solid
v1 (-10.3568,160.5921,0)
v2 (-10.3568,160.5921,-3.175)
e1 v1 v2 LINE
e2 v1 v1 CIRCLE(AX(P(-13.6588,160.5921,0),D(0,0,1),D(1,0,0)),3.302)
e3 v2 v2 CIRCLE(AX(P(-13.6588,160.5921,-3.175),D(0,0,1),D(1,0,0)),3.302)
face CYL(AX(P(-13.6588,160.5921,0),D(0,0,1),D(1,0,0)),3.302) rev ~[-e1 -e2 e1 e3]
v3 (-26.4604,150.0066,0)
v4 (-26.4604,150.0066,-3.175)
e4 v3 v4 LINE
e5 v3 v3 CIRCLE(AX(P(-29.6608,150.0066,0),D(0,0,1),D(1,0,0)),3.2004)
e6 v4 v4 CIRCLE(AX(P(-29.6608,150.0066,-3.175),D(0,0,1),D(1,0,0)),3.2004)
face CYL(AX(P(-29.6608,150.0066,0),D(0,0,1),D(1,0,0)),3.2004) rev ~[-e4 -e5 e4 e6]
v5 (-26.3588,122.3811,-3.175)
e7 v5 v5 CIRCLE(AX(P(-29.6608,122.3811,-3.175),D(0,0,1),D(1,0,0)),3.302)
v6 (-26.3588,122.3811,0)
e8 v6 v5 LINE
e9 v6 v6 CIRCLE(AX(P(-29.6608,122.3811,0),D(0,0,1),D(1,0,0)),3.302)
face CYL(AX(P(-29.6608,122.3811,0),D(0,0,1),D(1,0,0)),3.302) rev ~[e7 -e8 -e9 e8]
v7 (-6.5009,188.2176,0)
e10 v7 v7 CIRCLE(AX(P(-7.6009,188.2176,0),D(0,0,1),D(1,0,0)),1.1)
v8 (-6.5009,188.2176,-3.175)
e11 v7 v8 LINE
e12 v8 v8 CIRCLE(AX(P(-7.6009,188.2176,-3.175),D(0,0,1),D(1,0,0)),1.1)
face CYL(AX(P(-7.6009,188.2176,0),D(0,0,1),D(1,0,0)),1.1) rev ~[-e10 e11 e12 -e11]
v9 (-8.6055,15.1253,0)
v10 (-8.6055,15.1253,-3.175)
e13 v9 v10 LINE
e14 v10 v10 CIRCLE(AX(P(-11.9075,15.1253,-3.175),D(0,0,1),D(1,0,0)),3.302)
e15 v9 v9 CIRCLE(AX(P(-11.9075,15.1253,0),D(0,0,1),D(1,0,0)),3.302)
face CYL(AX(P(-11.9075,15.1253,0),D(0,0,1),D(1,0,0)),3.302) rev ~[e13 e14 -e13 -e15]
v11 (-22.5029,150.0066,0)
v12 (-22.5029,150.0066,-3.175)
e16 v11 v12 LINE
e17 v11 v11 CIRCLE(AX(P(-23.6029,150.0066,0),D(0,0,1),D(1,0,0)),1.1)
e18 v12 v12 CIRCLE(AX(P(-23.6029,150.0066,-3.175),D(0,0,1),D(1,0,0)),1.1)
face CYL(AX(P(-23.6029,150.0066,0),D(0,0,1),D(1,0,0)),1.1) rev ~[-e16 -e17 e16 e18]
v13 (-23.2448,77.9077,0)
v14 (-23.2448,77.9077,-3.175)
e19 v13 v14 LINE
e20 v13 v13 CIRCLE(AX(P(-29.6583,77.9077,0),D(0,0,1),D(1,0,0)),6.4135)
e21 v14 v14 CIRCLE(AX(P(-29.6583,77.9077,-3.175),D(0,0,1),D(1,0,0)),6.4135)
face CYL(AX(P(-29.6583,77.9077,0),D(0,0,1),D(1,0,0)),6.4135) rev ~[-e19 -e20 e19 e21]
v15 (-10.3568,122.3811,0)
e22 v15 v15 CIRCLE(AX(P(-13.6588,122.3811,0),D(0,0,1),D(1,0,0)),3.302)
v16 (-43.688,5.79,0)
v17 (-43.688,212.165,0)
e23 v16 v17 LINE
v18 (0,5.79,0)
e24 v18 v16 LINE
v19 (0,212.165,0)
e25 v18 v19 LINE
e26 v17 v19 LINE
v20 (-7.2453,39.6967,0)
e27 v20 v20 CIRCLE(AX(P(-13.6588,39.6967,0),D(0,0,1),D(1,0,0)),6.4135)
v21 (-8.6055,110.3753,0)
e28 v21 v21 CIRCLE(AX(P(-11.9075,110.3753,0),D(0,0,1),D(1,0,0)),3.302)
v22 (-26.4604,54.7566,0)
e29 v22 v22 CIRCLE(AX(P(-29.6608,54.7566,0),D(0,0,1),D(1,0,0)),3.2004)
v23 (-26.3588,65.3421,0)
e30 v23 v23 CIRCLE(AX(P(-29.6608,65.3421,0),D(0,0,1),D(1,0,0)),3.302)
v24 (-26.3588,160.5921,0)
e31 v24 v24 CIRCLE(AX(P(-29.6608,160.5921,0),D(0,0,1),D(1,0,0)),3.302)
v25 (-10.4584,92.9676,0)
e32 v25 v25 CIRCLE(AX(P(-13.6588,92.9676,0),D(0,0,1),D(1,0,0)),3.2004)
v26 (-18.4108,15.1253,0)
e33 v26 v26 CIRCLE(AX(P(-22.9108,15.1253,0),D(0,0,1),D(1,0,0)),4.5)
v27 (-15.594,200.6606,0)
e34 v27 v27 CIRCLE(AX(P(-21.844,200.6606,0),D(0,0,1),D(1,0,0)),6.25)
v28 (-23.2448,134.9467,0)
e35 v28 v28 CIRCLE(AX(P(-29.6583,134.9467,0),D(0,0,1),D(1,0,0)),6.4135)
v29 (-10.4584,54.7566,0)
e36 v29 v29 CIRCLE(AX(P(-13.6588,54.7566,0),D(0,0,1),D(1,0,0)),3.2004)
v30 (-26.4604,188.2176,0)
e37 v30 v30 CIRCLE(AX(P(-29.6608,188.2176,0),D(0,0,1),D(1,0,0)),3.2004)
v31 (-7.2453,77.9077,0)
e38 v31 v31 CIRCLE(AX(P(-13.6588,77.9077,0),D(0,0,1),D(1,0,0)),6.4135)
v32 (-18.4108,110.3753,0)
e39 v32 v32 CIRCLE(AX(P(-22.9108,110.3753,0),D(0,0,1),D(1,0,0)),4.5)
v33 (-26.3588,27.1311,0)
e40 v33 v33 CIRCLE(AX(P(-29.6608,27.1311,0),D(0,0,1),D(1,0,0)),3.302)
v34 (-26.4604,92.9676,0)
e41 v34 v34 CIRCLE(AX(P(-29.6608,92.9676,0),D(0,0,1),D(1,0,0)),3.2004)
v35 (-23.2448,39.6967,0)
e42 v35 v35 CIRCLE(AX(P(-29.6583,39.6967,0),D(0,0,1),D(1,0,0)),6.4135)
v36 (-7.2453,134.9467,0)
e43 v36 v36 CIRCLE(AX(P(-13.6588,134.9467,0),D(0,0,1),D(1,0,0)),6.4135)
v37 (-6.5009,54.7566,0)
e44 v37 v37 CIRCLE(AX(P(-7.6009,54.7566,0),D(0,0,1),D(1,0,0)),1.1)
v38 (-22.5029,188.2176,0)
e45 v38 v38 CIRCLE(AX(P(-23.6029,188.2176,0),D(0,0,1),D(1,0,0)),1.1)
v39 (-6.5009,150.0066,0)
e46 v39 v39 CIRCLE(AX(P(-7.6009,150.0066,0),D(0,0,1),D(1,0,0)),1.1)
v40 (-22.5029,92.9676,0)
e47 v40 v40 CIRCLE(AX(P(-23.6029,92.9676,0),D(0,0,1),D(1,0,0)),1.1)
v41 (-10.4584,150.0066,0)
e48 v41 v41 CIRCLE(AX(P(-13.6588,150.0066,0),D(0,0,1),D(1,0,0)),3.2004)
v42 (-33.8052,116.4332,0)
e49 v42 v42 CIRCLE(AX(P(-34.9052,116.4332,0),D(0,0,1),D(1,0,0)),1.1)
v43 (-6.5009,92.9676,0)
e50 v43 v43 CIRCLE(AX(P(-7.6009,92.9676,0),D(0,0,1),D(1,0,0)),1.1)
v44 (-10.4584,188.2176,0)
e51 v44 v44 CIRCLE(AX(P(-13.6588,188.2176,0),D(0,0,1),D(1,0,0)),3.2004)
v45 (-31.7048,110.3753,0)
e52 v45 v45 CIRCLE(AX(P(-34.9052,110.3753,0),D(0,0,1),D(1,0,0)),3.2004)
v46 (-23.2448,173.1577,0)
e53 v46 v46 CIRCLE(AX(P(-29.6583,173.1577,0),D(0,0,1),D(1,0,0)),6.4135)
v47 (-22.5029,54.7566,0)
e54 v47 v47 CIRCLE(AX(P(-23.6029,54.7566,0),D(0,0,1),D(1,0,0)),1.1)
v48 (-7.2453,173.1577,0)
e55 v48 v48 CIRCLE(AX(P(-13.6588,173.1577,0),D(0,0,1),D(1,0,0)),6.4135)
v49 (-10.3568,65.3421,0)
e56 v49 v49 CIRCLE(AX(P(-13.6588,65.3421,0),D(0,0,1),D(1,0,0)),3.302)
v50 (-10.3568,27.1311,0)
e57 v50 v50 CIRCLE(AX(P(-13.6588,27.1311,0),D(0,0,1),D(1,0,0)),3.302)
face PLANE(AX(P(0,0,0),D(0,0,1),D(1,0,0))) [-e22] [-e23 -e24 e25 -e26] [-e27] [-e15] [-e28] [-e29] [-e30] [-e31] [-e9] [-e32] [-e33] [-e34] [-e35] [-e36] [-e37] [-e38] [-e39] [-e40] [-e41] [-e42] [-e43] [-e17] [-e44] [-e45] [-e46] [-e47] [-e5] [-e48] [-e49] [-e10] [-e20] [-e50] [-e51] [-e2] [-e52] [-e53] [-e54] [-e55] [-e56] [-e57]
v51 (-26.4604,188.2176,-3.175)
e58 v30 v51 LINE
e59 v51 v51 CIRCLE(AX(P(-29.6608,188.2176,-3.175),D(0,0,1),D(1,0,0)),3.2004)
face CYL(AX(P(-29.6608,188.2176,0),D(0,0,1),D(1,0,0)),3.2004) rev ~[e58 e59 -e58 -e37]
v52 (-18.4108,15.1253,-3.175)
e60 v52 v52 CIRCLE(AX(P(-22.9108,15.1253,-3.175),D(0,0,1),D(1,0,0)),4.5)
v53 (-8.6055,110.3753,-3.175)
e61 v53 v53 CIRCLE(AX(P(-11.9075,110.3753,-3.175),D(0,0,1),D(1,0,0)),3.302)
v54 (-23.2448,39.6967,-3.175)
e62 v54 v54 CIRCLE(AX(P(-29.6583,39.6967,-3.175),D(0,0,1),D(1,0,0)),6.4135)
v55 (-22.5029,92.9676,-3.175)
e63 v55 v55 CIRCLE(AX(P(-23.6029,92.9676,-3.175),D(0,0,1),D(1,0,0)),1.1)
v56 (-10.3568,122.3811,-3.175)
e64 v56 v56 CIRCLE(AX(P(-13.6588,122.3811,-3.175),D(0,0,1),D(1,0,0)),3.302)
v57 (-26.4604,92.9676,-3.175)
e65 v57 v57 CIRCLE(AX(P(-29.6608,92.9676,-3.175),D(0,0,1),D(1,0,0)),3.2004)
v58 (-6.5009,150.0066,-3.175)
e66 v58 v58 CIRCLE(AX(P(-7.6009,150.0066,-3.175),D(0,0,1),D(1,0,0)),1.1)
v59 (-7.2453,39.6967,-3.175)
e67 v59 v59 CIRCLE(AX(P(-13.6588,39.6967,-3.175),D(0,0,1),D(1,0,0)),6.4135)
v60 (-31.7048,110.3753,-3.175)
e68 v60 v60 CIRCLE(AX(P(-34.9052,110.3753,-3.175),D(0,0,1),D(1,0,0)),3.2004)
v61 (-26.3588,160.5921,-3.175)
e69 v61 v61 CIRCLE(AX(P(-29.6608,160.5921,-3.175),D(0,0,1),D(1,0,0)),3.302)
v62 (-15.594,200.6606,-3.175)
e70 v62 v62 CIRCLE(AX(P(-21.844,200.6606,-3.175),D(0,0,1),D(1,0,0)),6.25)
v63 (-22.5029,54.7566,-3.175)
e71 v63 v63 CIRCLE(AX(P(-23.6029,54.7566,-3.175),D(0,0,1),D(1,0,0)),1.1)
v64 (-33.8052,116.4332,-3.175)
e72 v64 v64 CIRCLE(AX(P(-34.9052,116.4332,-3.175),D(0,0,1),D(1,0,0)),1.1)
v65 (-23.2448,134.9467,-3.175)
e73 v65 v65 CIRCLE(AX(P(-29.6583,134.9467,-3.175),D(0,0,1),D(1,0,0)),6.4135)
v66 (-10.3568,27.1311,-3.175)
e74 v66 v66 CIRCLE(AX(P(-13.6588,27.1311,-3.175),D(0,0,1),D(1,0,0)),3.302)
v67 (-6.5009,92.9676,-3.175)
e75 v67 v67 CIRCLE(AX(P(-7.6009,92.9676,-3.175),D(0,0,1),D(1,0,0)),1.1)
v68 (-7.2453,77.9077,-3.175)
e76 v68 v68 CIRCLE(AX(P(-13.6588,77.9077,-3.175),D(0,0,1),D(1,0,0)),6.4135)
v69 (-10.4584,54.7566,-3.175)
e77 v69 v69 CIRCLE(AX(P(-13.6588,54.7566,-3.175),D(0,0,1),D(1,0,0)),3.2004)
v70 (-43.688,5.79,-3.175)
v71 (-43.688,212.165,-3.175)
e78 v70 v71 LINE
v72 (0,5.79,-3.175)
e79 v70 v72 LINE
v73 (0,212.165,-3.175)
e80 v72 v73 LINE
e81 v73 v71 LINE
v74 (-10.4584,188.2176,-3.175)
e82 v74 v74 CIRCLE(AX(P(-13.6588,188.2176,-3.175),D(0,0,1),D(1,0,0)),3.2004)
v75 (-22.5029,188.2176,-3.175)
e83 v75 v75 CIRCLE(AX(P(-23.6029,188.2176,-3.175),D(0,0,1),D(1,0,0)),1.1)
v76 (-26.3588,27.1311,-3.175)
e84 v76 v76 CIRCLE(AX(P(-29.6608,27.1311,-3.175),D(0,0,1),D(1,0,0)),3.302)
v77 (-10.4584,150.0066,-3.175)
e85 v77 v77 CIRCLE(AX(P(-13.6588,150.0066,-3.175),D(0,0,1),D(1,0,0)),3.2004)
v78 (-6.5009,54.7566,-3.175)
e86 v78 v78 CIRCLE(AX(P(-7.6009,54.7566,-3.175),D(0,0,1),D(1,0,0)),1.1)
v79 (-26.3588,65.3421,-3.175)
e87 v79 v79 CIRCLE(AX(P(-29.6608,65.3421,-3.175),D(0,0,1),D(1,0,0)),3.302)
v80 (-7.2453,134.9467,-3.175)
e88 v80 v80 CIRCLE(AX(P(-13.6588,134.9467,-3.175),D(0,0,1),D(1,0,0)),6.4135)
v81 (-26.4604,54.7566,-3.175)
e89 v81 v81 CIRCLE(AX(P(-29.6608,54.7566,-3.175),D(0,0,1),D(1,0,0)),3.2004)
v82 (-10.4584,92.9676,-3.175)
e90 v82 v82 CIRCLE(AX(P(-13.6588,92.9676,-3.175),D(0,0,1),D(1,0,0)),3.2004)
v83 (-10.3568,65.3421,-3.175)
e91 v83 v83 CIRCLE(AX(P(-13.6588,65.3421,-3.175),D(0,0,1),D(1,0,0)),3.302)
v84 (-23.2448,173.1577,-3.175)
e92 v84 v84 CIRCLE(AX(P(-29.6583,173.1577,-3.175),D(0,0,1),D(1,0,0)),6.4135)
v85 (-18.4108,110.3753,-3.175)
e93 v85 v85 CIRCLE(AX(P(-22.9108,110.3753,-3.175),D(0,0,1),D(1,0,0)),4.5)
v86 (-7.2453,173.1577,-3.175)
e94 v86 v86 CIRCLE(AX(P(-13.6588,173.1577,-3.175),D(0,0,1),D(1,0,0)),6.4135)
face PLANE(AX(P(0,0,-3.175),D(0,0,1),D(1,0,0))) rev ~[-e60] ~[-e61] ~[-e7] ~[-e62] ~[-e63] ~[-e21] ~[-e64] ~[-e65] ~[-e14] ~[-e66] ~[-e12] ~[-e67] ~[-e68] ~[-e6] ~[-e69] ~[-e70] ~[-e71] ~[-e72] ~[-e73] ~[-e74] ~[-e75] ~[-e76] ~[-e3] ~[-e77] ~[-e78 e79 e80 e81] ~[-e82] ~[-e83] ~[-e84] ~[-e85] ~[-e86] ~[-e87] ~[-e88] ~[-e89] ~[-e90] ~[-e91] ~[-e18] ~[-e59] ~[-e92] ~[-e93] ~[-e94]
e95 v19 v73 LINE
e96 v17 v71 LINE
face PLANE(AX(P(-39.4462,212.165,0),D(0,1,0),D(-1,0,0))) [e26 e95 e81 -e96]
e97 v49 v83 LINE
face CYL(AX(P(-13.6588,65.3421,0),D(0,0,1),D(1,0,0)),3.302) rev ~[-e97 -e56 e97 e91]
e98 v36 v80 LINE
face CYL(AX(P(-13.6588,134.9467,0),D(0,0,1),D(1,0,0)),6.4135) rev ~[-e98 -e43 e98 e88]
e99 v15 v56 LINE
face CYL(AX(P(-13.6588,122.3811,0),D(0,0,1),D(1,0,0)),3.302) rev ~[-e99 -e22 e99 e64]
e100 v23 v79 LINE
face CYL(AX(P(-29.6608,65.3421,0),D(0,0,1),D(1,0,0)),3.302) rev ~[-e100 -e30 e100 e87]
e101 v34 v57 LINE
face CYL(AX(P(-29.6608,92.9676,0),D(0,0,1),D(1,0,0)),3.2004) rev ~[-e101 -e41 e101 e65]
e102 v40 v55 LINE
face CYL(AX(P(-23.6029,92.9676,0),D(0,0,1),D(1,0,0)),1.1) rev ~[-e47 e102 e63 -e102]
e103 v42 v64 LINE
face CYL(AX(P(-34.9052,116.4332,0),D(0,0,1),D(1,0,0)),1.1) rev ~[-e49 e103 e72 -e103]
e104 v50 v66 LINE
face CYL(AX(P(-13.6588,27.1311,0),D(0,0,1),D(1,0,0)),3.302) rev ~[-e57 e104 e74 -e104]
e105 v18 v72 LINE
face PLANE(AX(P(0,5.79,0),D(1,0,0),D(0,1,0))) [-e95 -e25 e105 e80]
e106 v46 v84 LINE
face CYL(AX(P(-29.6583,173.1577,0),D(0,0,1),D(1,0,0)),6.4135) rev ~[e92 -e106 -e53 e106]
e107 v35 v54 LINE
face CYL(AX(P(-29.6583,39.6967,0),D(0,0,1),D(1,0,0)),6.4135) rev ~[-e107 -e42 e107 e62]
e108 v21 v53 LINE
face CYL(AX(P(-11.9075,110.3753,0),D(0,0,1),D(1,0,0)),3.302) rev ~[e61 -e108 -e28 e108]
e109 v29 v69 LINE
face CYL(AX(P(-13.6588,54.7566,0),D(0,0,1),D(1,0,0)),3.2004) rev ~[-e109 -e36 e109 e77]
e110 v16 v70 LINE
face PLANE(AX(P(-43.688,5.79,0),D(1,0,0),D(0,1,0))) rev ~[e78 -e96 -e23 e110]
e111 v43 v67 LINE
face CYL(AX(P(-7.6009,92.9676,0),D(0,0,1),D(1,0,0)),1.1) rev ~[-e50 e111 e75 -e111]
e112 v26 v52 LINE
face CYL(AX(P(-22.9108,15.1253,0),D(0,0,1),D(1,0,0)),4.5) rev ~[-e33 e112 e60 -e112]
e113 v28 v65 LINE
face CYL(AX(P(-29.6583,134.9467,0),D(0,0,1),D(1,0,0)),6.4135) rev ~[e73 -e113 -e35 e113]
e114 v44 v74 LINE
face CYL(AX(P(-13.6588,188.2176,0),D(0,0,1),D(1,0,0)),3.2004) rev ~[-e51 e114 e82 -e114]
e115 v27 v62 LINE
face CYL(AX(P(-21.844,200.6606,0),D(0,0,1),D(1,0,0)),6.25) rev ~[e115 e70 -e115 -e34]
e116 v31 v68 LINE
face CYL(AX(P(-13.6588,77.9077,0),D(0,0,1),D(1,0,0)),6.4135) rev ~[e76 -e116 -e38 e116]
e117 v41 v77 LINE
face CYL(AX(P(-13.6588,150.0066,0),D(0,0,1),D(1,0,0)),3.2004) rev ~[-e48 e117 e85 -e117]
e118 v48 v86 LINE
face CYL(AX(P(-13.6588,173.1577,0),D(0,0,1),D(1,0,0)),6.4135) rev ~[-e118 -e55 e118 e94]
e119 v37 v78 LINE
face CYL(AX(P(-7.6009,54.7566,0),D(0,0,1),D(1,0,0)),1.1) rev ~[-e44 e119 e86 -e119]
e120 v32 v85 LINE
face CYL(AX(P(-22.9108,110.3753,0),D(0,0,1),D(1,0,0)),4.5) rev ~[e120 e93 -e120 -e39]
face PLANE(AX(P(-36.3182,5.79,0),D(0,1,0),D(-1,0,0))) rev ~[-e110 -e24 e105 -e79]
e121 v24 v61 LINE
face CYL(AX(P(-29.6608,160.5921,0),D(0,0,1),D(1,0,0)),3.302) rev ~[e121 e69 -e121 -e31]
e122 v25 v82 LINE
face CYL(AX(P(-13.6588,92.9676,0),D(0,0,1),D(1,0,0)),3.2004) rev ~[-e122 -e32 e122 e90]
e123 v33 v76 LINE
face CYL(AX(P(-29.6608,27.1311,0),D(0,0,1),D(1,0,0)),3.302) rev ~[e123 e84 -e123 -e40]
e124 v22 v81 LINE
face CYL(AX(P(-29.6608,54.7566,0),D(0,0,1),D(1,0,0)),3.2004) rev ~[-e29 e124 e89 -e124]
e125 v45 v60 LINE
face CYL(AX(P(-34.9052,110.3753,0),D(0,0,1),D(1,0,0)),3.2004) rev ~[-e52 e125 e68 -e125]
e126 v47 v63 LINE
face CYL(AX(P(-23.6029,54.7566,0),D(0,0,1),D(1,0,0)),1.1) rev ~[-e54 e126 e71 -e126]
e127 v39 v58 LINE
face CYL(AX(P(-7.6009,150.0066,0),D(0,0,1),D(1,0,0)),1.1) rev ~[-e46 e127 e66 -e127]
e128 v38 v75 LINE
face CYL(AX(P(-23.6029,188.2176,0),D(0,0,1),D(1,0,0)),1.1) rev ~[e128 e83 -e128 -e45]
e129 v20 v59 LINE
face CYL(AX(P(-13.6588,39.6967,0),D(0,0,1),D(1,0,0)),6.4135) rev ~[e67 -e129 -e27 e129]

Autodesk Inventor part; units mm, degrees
ref_plane "YZ Plane" through (0, 0, 0) normal (1, 0, 0) x (0, 1, 0)
ref_plane "XZ Plane" through (0, 0, 0) normal (0, 1, 0) x (-1, 0, 0)
sketch "Sketch1" plane through (0, 0, 0) normal (0, 0, 1) x (1, 0, 0)
  line L0 (-43.688, 0) -> (-43.688, 415.3) projected
  line L1 (0, 0) -> (0, 415.3) projected
  circle A0 centre (-7.6009, 150.0066) radius 1.1 projected
  circle A1 centre (-13.6588, 173.1577) radius 6.4135 projected
  circle A2 centre (-13.6588, 134.9467) radius 6.4135 projected
  circle A3 centre (-7.6009, 188.2176) radius 1.1 projected
  circle A4 centre (-7.6009, 92.9676) radius 1.1 projected
  circle A5 centre (-13.6588, 245.4367) radius 6.4135 projected
  circle A6 centre (-13.6588, 77.9077) radius 6.4135 projected
  circle A7 centre (-7.6009, 260.4966) radius 1.1 projected
  circle A8 centre (-7.6009, 54.7566) radius 1.1 projected
  circle A9 centre (-13.6588, 283.6477) radius 6.4135 projected
  circle A10 centre (-13.6588, 39.6967) radius 6.4135 projected
  circle A11 centre (-7.6009, 298.7076) radius 1.1 projected
  line L2 (-7.3698, 0) -> (-7.3698, 12.7) projected
  line L3 (-7.3698, 0) -> (-36.3182, 0) projected
  line L4 (-36.3182, 0) -> (-36.3182, 12.7) projected
  line L5 (-36.3182, 12.7) -> (-39.4462, 12.7) projected
  line L6 (-39.4462, 12.7) -> (-39.4462, 402.6) projected
  line L7 (-39.4462, 402.6) -> (-36.3182, 402.6) projected
  line L8 (-36.3182, 402.6) -> (-36.3182, 415.3) projected
  line L9 (-36.3182, 415.3) -> (-7.3698, 415.3) projected
  line L10 (-7.3698, 402.6) -> (-7.3698, 415.3) projected
  line L11 (-7.3698, 402.6) -> (-4.2418, 402.6) projected
  line L12 (-4.2418, 402.6) -> (-4.2418, 12.7) projected
  line L13 (-4.2418, 12.7) -> (-7.3698, 12.7) projected
  circle A12 centre (-13.6588, 340.6867) radius 6.4135 projected
  circle A13 centre (-7.6009, 355.7466) radius 1.1 projected
  circle A14 centre (-13.6588, 378.8977) radius 6.4135 projected
  circle A15 centre (-34.9052, 110.3753) radius 3.2004 projected
  circle A16 centre (-34.9052, 316.1153) radius 3.2004 projected
  circle A17 centre (-7.6009, 393.9576) radius 1.1 projected
  circle A18 centre (-11.9075, 15.1253) radius 3.302 projected
  circle A19 centre (-23.6029, 54.7566) radius 1.1 projected
  circle A20 centre (-23.6029, 92.9676) radius 1.1 projected
  circle A21 centre (-23.6029, 188.2176) radius 1.1 projected
  circle A22 centre (-23.6029, 260.4966) radius 1.1 projected
  circle A23 centre (-34.9052, 322.1732) radius 1.1 projected
  circle A24 centre (-23.6029, 355.7466) radius 1.1 projected
  circle A25 centre (-23.6029, 393.9576) radius 1.1 projected
  circle A26 centre (-23.6029, 298.7076) radius 1.1 projected
  circle A27 centre (-23.6029, 150.0066) radius 1.1 projected
  circle A28 centre (-34.9052, 116.4332) radius 1.1 projected
  circle A29 centre (-11.9075, 316.1153) radius 3.302 projected
  circle A30 centre (-13.6588, 328.1211) radius 3.302 projected
  circle A31 centre (-13.6588, 366.3321) radius 3.302 projected
  circle A32 centre (-13.6588, 271.0821) radius 3.302 projected
  circle A33 centre (-13.6588, 232.8711) radius 3.302 projected
  circle A34 centre (-29.6608, 160.5921) radius 3.302 projected
  circle A35 centre (-29.6608, 122.3811) radius 3.302 projected
  circle A36 centre (-11.9075, 110.3753) radius 3.302 projected
  circle A37 centre (-13.6588, 65.3421) radius 3.302 projected
  circle A38 centre (-13.6588, 27.1311) radius 3.302 projected
  circle A39 centre (-29.6608, 27.1311) radius 3.302 projected
  circle A40 centre (-29.6608, 65.3421) radius 3.302 projected
  circle A41 centre (-13.6588, 122.3811) radius 3.302 projected
  circle A42 centre (-13.6588, 160.5921) radius 3.302 projected
  circle A43 centre (-11.9075, 220.8653) radius 3.302 projected
  circle A44 centre (-29.6608, 232.8711) radius 3.302 projected
  circle A45 centre (-29.6608, 271.0821) radius 3.302 projected
  circle A46 centre (-29.6608, 366.3321) radius 3.302 projected
  circle A47 centre (-29.6608, 328.1211) radius 3.302 projected
  circle A48 centre (-29.6583, 340.6867) radius 6.4135 projected
  circle A49 centre (-29.6583, 378.8977) radius 6.4135 projected
  circle A50 centre (-29.6583, 245.4367) radius 6.4135 projected
  circle A51 centre (-29.6583, 173.1577) radius 6.4135 projected
  circle A52 centre (-29.6583, 134.9467) radius 6.4135 projected
  circle A53 centre (-29.6583, 39.6967) radius 6.4135 projected
  circle A54 centre (-29.6583, 77.9077) radius 6.4135 projected
  circle A55 centre (-29.6583, 283.6477) radius 6.4135 projected
  circle A56 centre (-22.9108, 110.3753) radius 4.5 projected
  circle A57 centre (-22.9108, 220.8653) radius 4.5 projected
  circle A58 centre (-22.9108, 316.1153) radius 4.5 projected
  circle A59 centre (-13.6588, 355.7466) radius 3.2004 projected
  circle A60 centre (-29.6608, 393.9576) radius 3.2004 projected
  circle A61 centre (-29.6608, 298.7076) radius 3.2004 projected
  circle A62 centre (-13.6588, 260.4966) radius 3.2004 projected
  circle A63 centre (-13.6588, 188.2176) radius 3.2004 projected
  circle A64 centre (-13.6588, 150.0066) radius 3.2004 projected
  circle A65 centre (-13.6588, 92.9676) radius 3.2004 projected
  circle A66 centre (-29.6608, 54.7566) radius 3.2004 projected
  circle A67 centre (-13.6588, 54.7566) radius 3.2004 projected
  circle A68 centre (-29.6608, 92.9676) radius 3.2004 projected
  circle A69 centre (-29.6608, 150.0066) radius 3.2004 projected
  circle A70 centre (-29.6608, 188.2176) radius 3.2004 projected
  circle A71 centre (-29.6608, 260.4966) radius 3.2004 projected
  circle A72 centre (-13.6588, 298.7076) radius 3.2004 projected
  circle A73 centre (-13.6588, 393.9576) radius 3.2004 projected
  circle A74 centre (-29.6608, 355.7466) radius 3.2004 projected
  circle A75 centre (-21.844, 200.6606) radius 6.25 projected
  circle A76 centre (-21.844, 406.4006) radius 6.25 projected
  circle A77 centre (-22.9108, 15.1253) radius 4.5 projected
  line L14 (-36.3182, 0) -> (-43.688, 0)
  line L15 (0, 0) -> (-7.3698, 0)
  line L16 (0, 5.79) -> (-43.688, 5.79)
  line L17 (0, 212.165) -> (-43.688, 212.165)
  dimension "d0" = 206.375
ref_plane "Work Plane1" through (-39.4462, 0, -3.175) normal (0, 0, -1) x (0, 1, 0)
extrude "Extrusion1" add sketch "Sketch1" against normal up to surface (3.175 mm away) contours L0 L17 L6 L5 L4 L16 | L4 L5 L6 L17 L12 L13 L2 L16 | L2 L13 L12 L17 L1 L16
properties part number "HalfInterlockBox"
